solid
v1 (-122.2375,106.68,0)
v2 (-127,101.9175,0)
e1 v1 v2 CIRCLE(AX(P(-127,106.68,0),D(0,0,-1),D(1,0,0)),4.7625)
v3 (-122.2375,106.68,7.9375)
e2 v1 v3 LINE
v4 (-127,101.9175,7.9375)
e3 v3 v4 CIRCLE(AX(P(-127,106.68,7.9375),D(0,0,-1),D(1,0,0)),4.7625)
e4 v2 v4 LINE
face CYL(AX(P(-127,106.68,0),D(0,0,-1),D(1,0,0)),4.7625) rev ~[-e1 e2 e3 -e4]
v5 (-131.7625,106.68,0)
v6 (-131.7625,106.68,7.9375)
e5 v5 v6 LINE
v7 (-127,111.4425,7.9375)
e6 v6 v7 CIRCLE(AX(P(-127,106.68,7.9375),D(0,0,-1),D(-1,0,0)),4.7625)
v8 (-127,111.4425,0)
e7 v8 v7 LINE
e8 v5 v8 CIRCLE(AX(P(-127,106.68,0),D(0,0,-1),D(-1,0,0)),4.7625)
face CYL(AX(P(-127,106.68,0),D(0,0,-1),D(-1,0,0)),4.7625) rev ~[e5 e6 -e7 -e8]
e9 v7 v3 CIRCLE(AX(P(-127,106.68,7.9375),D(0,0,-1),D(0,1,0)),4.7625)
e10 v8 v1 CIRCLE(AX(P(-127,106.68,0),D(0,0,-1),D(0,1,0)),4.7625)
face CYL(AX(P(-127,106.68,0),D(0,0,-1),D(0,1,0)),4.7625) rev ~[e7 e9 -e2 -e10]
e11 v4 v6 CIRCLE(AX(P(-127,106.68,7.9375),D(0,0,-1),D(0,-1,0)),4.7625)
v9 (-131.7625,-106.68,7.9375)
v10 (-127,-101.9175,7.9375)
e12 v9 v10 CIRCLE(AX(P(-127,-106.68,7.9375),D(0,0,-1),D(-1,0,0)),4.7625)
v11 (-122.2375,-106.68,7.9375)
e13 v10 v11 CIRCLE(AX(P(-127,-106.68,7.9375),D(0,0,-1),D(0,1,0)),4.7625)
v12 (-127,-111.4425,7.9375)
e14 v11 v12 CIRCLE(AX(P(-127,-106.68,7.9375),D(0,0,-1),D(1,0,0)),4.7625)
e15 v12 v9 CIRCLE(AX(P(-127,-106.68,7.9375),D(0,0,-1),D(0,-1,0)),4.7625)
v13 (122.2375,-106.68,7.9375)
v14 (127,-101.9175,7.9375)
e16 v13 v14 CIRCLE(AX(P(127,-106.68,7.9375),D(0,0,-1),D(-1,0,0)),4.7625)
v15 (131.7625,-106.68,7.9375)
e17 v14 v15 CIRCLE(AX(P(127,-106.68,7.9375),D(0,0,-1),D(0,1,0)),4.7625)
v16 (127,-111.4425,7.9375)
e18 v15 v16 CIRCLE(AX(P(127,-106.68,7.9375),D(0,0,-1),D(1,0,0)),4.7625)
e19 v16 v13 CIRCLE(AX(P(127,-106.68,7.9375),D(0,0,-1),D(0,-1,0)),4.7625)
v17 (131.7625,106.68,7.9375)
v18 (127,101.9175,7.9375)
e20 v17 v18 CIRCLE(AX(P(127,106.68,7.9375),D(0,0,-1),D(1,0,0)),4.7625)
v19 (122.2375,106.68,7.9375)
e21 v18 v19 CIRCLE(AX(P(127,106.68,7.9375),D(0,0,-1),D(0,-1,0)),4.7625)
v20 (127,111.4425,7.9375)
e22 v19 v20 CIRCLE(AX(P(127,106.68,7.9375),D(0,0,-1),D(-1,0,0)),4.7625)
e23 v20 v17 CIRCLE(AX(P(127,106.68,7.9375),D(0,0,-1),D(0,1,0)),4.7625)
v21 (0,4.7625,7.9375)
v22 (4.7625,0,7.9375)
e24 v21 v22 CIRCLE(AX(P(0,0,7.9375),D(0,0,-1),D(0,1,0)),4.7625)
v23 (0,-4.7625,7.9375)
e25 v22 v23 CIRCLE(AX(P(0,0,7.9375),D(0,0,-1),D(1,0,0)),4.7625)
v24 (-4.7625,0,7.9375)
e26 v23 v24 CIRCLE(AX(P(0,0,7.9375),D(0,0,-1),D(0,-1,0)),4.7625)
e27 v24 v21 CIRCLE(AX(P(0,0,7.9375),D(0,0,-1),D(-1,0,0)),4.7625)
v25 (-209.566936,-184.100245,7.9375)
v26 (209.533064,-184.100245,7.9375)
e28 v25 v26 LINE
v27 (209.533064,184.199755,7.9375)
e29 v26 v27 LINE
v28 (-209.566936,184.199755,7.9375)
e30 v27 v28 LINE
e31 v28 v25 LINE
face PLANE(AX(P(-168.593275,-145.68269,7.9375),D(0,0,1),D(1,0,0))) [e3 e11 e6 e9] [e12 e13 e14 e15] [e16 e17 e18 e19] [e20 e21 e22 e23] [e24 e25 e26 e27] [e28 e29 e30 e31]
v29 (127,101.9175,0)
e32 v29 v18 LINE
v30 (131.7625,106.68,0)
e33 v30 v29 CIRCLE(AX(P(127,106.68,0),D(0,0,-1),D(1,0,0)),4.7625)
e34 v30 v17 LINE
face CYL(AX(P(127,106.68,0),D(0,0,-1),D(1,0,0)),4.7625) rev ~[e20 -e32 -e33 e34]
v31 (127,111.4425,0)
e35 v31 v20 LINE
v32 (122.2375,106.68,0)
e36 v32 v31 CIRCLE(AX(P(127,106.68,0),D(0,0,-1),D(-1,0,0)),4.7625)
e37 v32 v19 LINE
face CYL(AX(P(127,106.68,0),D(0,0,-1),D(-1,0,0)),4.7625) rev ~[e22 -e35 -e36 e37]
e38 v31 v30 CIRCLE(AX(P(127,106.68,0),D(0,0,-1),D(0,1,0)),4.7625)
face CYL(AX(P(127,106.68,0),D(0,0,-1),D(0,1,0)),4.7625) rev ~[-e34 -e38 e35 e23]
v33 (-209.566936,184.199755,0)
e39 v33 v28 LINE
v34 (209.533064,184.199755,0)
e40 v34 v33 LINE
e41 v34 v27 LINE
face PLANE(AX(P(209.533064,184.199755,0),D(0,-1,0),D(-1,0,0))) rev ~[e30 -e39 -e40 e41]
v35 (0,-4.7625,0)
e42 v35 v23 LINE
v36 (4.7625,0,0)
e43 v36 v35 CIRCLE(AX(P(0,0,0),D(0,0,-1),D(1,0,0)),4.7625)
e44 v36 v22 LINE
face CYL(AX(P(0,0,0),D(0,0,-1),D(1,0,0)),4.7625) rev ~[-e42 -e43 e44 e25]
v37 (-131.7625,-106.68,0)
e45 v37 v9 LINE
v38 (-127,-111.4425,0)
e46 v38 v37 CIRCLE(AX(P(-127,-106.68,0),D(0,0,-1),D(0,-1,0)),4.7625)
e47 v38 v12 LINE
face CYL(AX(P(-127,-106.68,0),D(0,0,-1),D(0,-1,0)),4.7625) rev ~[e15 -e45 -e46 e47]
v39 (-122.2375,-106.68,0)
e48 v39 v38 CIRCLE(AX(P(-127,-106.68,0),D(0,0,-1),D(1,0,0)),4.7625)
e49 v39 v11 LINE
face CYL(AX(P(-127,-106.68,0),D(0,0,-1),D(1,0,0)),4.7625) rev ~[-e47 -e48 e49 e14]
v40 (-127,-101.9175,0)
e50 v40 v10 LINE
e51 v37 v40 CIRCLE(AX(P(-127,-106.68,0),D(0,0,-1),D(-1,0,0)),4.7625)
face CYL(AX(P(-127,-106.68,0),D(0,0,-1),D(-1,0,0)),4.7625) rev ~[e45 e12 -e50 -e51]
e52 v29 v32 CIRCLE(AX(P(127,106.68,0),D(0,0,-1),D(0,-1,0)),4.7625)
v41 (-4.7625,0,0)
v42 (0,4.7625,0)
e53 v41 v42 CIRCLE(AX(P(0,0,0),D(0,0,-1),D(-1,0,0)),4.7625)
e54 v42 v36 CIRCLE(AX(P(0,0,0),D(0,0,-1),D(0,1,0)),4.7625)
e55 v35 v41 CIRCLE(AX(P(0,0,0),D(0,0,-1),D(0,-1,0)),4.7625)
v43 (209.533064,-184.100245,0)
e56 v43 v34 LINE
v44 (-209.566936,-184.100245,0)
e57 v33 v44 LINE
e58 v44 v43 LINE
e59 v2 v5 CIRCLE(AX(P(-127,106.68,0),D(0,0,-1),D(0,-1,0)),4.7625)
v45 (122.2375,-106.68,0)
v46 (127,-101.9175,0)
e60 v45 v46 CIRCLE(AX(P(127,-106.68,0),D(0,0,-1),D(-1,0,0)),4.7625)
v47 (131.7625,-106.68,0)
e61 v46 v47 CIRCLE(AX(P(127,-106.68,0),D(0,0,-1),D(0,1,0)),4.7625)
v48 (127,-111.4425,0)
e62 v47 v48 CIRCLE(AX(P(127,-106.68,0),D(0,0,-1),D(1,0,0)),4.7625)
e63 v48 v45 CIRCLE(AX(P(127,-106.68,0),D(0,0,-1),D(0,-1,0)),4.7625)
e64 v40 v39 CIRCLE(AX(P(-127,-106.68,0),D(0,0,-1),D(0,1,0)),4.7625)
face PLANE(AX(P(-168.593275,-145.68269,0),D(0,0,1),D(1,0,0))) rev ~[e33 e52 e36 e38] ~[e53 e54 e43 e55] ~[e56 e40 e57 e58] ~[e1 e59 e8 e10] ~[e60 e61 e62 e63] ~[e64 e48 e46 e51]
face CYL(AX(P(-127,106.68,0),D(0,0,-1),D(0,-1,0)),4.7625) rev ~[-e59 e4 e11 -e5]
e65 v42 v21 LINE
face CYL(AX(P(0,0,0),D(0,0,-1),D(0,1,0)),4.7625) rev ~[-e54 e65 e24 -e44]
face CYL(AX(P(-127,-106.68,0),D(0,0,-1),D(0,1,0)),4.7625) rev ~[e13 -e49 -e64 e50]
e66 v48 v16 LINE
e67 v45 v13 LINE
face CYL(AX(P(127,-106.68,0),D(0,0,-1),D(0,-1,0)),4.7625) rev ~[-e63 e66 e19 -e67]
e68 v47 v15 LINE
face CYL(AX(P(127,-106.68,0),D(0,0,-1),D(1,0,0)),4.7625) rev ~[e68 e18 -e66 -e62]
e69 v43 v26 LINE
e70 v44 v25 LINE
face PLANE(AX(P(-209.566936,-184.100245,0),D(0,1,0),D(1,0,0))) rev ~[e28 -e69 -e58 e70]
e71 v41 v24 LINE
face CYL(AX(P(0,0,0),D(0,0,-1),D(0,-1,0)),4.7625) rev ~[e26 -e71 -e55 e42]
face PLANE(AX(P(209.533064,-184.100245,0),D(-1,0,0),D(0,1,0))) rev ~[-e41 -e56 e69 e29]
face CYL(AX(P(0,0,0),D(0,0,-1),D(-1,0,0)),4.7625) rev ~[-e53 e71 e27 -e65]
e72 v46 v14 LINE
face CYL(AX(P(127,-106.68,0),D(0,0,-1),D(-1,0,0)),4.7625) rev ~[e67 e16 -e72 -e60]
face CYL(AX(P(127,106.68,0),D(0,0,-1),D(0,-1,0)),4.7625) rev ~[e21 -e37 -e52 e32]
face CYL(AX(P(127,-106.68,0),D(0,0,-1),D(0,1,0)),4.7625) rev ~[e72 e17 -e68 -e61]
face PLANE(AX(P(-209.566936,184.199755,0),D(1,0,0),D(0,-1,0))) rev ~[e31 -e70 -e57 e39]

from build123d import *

# Parameters (mm, degrees)
F1_DEPTH = 7.9375


with BuildPart() as f1:
    # F0 (on Top) → F1 (new body)
    with BuildSketch(Plane.XY):
        with BuildLine():
            Line((-131.7625, -106.68), (-209.5669363999, -106.68))
            Line((-209.5669363999, -106.68), (-209.5669363999, -184.1002450228))
            Line((-209.5669363999, -184.1002450228), (-127, -184.1002450228))
            Line((-127, -184.1002450228), (-127, -111.4425))
            ThreePointArc((-127, -111.4425), (-130.3675960454, -110.0475960454), (-131.7625, -106.68))
        make_face()
        with BuildLine():
            Line((-127, -111.4425), (-127, -184.1002450228))
            Line((-127, -184.1002450228), (0, -184.1002450228))
            Line((0, -184.1002450228), (0, -106.68))
            Line((0, -106.68), (-122.2375, -106.68))
            ThreePointArc((-122.2375, -106.68), (-123.6324039546, -110.0475960454), (-127, -111.4425))
        make_face()
        with BuildLine():
            Line((-4.7625, 0), (-127, 0))
            Line((-127, 0), (-127, -101.9175))
            ThreePointArc((-127, -101.9175), (-123.6324039546, -103.3124039546), (-122.2375, -106.68))
            Line((-122.2375, -106.68), (0, -106.68))
            Line((0, -106.68), (0, -4.7625))
            ThreePointArc((0, -4.7625), (-3.3675960454, -3.3675960454), (-4.7625, 0))
        make_face()
        with BuildLine():
            Line((-127, 0), (-209.5669363999, 0))
            Line((-209.5669363999, 0), (-209.5669363999, -106.68))
            Line((-209.5669363999, -106.68), (-131.7625, -106.68))
            ThreePointArc((-131.7625, -106.68), (-130.3675960454, -103.3124039546), (-127, -101.9175))
            Line((-127, -101.9175), (-127, 0))
        make_face()
        with BuildLine():
            Line((-131.7625, 106.68), (-209.5669363999, 106.68))
            Line((-209.5669363999, 106.68), (-209.5669363999, 0))
            Line((-209.5669363999, 0), (-127, 0))
            Line((-127, 0), (-127, 101.9175))
            ThreePointArc((-127, 101.9175), (-130.3675960454, 103.3124039546), (-131.7625, 106.68))
        make_face()
        with BuildLine():
            Line((0, 4.7625), (0, 106.68))
            Line((0, 106.68), (-122.2375, 106.68))
            ThreePointArc((-122.2375, 106.68), (-123.6324039546, 103.3124039546), (-127, 101.9175))
            Line((-127, 101.9175), (-127, 0))
            Line((-127, 0), (-4.7625, 0))
            ThreePointArc((-4.7625, 0), (-3.3675960454, 3.3675960454), (0, 4.7625))
        make_face()
        with BuildLine():
            Line((0, 184.1997549772), (-127, 184.1997549772))
            Line((-127, 184.1997549772), (-127, 111.4425))
            ThreePointArc((-127, 111.4425), (-123.6324039546, 110.0475960454), (-122.2375, 106.68))
            Line((-122.2375, 106.68), (0, 106.68))
            Line((0, 106.68), (0, 184.1997549772))
        make_face()
        with BuildLine():
            Line((-127, 184.1997549772), (-209.5669363999, 184.1997549772))
            Line((-209.5669363999, 184.1997549772), (-209.5669363999, 106.68))
            Line((-209.5669363999, 106.68), (-131.7625, 106.68))
            ThreePointArc((-131.7625, 106.68), (-130.3675960454, 110.0475960454), (-127, 111.4425))
            Line((-127, 111.4425), (-127, 184.1997549772))
        make_face()
        with BuildLine():
            Line((209.5330636001, 184.1997549772), (127, 184.1997549772))
            Line((127, 184.1997549772), (127, 111.4425))
            ThreePointArc((127, 111.4425), (130.3675960454, 110.0475960454), (131.7625, 106.68))
            Line((131.7625, 106.68), (209.5330636001, 106.68))
            Line((209.5330636001, 106.68), (209.5330636001, 184.1997549772))
        make_face()
        with BuildLine():
            Line((127, 184.1997549772), (0, 184.1997549772))
            Line((0, 184.1997549772), (0, 106.68))
            Line((0, 106.68), (122.2375, 106.68))
            ThreePointArc((122.2375, 106.68), (123.6324039546, 110.0475960454), (127, 111.4425))
            Line((127, 111.4425), (127, 184.1997549772))
        make_face()
        with BuildLine():
            Line((122.2375, 106.68), (0, 106.68))
            Line((0, 106.68), (0, 4.7625))
            ThreePointArc((0, 4.7625), (3.3675960454, 3.3675960454), (4.7625, 0))
            Line((4.7625, 0), (127, 0))
            Line((127, 0), (127, 101.9175))
            ThreePointArc((127, 101.9175), (123.6324039546, 103.3124039546), (122.2375, 106.68))
        make_face()
        with BuildLine():
            Line((209.5330636001, 0), (209.5330636001, 106.68))
            Line((209.5330636001, 106.68), (131.7625, 106.68))
            ThreePointArc((131.7625, 106.68), (130.3675960454, 103.3124039546), (127, 101.9175))
            Line((127, 101.9175), (127, 0))
            Line((127, 0), (209.5330636001, 0))
        make_face()
        with BuildLine():
            Line((127, 0), (4.7625, 0))
            ThreePointArc((4.7625, 0), (3.3675960454, -3.3675960454), (0, -4.7625))
            Line((0, -4.7625), (0, -106.68))
            Line((0, -106.68), (122.2375, -106.68))
            ThreePointArc((122.2375, -106.68), (123.6324039546, -103.3124039546), (127, -101.9175))
            Line((127, -101.9175), (127, 0))
        make_face()
        with BuildLine():
            Line((209.5330636001, -106.68), (209.5330636001, 0))
            Line((209.5330636001, 0), (127, 0))
            Line((127, 0), (127, -101.9175))
            ThreePointArc((127, -101.9175), (130.3675960454, -103.3124039546), (131.7625, -106.68))
            Line((131.7625, -106.68), (209.5330636001, -106.68))
        make_face()
        with BuildLine():
            Line((0, -106.68), (0, -184.1002450228))
            Line((0, -184.1002450228), (127, -184.1002450228))
            Line((127, -184.1002450228), (127, -111.4425))
            ThreePointArc((127, -111.4425), (123.6324039546, -110.0475960454), (122.2375, -106.68))
            Line((122.2375, -106.68), (0, -106.68))
        make_face()
        with BuildLine():
            Line((209.5330636001, -184.1002450228), (209.5330636001, -106.68))
            Line((209.5330636001, -106.68), (131.7625, -106.68))
            ThreePointArc((131.7625, -106.68), (130.3675960454, -110.0475960454), (127, -111.4425))
            Line((127, -111.4425), (127, -184.1002450228))
            Line((127, -184.1002450228), (209.5330636001, -184.1002450228))
        make_face()
    extrude(amount=F1_DEPTH)


solid = f1.part
